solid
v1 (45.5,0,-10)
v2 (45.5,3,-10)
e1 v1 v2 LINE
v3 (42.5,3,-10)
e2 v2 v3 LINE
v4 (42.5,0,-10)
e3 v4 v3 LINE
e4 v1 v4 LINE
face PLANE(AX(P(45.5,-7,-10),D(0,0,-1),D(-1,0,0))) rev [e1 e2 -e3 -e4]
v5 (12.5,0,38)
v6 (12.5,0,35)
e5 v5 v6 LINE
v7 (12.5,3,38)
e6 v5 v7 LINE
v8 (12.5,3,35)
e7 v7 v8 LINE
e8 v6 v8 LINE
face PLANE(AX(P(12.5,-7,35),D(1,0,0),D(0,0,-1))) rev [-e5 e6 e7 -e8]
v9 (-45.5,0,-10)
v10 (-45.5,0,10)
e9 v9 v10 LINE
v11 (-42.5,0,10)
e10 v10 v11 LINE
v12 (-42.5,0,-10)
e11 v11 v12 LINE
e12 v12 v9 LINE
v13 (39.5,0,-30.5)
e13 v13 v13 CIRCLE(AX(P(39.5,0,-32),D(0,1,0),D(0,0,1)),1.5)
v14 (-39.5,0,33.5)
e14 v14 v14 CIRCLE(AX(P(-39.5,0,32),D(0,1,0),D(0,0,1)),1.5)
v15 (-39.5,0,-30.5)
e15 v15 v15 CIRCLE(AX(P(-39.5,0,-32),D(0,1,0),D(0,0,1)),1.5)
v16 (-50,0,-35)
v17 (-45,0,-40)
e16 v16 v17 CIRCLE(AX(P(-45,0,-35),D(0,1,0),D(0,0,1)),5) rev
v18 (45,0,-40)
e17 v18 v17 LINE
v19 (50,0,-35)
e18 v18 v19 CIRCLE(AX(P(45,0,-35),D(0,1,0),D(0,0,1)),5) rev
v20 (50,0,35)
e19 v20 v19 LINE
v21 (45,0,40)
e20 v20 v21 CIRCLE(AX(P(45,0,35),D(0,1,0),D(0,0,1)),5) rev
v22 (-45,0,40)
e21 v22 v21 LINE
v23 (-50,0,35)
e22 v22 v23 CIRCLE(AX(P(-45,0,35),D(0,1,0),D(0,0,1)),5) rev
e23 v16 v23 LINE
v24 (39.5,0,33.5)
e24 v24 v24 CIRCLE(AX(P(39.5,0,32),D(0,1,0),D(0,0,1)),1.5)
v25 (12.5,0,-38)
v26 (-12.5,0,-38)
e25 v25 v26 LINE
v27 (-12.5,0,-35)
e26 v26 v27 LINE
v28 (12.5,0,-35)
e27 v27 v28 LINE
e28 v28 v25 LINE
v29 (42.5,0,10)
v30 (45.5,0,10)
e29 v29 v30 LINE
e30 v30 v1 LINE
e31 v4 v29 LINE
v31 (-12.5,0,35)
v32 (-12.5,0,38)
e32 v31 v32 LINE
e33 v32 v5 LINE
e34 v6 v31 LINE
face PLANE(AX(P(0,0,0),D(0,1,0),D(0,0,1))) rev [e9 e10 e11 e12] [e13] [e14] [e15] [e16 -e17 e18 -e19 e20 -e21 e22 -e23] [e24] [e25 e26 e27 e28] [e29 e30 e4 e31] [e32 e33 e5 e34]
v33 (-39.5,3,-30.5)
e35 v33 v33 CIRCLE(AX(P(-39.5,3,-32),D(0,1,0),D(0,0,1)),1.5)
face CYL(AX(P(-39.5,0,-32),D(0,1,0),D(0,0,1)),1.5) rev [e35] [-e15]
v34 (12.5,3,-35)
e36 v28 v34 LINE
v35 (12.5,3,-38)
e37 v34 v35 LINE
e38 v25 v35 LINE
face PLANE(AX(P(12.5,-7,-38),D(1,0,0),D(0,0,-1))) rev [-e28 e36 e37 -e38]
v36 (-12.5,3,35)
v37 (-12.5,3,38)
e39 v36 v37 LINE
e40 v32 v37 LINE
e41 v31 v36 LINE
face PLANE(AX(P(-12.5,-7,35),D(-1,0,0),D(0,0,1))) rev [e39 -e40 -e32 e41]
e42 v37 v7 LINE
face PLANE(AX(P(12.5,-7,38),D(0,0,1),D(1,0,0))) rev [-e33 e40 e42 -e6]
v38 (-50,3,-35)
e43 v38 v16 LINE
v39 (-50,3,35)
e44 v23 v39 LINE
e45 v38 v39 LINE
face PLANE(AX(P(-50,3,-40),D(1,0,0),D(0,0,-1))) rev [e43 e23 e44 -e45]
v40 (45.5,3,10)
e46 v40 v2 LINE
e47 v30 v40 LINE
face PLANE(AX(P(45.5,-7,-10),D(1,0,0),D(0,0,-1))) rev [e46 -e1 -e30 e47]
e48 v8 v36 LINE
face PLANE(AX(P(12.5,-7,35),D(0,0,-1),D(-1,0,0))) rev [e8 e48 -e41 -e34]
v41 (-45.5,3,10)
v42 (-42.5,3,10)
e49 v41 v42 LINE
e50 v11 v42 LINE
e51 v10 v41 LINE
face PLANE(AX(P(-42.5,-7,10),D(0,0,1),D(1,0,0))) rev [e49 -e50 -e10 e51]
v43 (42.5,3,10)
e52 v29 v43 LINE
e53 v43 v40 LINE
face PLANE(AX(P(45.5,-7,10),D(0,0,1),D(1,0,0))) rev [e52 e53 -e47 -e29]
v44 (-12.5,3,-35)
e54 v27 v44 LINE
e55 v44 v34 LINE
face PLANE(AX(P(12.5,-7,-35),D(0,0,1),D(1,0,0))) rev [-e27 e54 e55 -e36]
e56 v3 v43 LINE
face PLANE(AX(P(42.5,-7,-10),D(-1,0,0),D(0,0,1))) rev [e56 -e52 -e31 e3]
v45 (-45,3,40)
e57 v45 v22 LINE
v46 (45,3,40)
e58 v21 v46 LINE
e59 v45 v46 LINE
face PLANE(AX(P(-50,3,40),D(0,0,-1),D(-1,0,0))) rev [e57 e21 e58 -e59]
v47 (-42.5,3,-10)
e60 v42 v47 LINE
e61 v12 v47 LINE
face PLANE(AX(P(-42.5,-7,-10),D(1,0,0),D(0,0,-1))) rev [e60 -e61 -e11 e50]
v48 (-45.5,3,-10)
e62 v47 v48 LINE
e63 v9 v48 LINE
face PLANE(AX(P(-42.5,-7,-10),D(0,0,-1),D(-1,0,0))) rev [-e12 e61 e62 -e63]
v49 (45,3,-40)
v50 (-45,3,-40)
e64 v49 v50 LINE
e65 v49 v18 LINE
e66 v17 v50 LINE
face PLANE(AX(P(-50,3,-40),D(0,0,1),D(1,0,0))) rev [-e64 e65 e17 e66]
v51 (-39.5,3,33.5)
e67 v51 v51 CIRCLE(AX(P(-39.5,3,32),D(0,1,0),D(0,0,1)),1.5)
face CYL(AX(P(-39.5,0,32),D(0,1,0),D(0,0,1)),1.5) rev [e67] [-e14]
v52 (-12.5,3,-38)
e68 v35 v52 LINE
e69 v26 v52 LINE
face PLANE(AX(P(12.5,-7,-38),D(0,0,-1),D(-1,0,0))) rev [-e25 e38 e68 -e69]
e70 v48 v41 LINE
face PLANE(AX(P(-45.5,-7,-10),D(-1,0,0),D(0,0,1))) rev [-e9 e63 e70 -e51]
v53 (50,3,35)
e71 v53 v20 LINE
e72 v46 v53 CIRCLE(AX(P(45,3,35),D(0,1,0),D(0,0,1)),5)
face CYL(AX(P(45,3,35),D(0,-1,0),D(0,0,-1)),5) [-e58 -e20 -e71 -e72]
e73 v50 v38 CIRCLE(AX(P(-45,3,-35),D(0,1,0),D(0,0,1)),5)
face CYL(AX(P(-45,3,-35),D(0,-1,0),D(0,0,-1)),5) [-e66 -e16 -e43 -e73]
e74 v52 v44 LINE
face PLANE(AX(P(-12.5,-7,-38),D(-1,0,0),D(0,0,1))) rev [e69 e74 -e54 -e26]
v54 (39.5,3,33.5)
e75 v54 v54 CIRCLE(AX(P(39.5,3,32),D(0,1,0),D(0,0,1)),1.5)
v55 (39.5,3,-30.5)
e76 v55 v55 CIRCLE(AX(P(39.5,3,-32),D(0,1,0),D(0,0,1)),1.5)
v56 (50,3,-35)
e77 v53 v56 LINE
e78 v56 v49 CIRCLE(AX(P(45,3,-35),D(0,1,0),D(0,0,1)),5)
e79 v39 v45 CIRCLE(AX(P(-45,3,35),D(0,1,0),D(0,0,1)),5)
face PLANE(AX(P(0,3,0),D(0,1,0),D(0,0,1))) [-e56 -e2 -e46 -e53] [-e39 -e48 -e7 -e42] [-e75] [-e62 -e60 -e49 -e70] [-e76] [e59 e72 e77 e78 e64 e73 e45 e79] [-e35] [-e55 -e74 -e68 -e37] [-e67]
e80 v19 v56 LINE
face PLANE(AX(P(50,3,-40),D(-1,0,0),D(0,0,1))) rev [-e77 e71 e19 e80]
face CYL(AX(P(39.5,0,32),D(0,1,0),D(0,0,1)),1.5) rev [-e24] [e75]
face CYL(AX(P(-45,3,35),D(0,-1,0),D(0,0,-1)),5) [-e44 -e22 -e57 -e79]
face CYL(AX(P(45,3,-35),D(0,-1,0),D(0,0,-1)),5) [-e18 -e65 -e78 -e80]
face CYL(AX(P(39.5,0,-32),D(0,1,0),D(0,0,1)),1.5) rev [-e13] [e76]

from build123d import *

# Parameters (mm, degrees)
SKETCH1_W           = 100
SKETCH1_H           = 80
BOSS_EXTRUDE1_DEPTH = 3
FILLET1_R           = 5
SKETCH2_R           = 1.5
CUT_EXTRUDE1_DEPTH  = 3
SKETCH3_W           = 25
SKETCH3_H           = 3
SKETCH3_W_2         = 3
SKETCH3_H_2         = 20
CUT_EXTRUDE2_DEPTH  = 10


with BuildPart() as part:
    # Sketch1 → Boss-Extrude1 (new body)
    with BuildSketch(Plane(origin=(0, 0, 0), x_dir=(1, 0, 0), z_dir=(0, 1, 0))):
        Rectangle(SKETCH1_W, SKETCH1_H)
    extrude(amount=BOSS_EXTRUDE1_DEPTH)

    # Fillet1
    fillet1_edges = [part.edges().sort_by_distance(p)[0] for p in [
        (50, 1.5, 40),
        (-50, 1.5, 40),
        (-50, 1.5, -40),
        (50, 1.5, -40),
    ]]
    fillet(fillet1_edges, radius=FILLET1_R)

    # Sketch2 → Cut-Extrude1 (cut)
    with BuildSketch(Plane(origin=(0, 3, 0), x_dir=(1, 0, 0), z_dir=(0, 1, 0))):
        with Locations(Location((39.5, -32, 0), (0, 0, 270))):
            Circle(SKETCH2_R)
        with Locations(Location((39.5, 32, 0), (0, 0, 270))):
            Circle(SKETCH2_R)
        with Locations(Location((-39.5, 32, 0), (0, 0, 270))):
            Circle(SKETCH2_R)
        with Locations(Location((-39.5, -32, 0), (0, 0, 270))):
            Circle(SKETCH2_R)
    extrude(amount=-CUT_EXTRUDE1_DEPTH, mode=Mode.SUBTRACT)

    # Sketch3 → Cut-Extrude2 (cut)
    with BuildSketch(Plane(origin=(0, 3, 0), x_dir=(1, 0, 0), z_dir=(0, 1, 0))):
        with Locations((0, -36.5)):
            Rectangle(SKETCH3_W, SKETCH3_H)
        with Locations((0, 36.5)):
            Rectangle(SKETCH3_W, SKETCH3_H)
        with Locations((44, 0)):
            Rectangle(SKETCH3_W_2, SKETCH3_H_2)
        with Locations((-44, 0)):
            Rectangle(SKETCH3_W_2, SKETCH3_H_2)
    extrude(amount=-CUT_EXTRUDE2_DEPTH, mode=Mode.SUBTRACT)


solid = part.part
